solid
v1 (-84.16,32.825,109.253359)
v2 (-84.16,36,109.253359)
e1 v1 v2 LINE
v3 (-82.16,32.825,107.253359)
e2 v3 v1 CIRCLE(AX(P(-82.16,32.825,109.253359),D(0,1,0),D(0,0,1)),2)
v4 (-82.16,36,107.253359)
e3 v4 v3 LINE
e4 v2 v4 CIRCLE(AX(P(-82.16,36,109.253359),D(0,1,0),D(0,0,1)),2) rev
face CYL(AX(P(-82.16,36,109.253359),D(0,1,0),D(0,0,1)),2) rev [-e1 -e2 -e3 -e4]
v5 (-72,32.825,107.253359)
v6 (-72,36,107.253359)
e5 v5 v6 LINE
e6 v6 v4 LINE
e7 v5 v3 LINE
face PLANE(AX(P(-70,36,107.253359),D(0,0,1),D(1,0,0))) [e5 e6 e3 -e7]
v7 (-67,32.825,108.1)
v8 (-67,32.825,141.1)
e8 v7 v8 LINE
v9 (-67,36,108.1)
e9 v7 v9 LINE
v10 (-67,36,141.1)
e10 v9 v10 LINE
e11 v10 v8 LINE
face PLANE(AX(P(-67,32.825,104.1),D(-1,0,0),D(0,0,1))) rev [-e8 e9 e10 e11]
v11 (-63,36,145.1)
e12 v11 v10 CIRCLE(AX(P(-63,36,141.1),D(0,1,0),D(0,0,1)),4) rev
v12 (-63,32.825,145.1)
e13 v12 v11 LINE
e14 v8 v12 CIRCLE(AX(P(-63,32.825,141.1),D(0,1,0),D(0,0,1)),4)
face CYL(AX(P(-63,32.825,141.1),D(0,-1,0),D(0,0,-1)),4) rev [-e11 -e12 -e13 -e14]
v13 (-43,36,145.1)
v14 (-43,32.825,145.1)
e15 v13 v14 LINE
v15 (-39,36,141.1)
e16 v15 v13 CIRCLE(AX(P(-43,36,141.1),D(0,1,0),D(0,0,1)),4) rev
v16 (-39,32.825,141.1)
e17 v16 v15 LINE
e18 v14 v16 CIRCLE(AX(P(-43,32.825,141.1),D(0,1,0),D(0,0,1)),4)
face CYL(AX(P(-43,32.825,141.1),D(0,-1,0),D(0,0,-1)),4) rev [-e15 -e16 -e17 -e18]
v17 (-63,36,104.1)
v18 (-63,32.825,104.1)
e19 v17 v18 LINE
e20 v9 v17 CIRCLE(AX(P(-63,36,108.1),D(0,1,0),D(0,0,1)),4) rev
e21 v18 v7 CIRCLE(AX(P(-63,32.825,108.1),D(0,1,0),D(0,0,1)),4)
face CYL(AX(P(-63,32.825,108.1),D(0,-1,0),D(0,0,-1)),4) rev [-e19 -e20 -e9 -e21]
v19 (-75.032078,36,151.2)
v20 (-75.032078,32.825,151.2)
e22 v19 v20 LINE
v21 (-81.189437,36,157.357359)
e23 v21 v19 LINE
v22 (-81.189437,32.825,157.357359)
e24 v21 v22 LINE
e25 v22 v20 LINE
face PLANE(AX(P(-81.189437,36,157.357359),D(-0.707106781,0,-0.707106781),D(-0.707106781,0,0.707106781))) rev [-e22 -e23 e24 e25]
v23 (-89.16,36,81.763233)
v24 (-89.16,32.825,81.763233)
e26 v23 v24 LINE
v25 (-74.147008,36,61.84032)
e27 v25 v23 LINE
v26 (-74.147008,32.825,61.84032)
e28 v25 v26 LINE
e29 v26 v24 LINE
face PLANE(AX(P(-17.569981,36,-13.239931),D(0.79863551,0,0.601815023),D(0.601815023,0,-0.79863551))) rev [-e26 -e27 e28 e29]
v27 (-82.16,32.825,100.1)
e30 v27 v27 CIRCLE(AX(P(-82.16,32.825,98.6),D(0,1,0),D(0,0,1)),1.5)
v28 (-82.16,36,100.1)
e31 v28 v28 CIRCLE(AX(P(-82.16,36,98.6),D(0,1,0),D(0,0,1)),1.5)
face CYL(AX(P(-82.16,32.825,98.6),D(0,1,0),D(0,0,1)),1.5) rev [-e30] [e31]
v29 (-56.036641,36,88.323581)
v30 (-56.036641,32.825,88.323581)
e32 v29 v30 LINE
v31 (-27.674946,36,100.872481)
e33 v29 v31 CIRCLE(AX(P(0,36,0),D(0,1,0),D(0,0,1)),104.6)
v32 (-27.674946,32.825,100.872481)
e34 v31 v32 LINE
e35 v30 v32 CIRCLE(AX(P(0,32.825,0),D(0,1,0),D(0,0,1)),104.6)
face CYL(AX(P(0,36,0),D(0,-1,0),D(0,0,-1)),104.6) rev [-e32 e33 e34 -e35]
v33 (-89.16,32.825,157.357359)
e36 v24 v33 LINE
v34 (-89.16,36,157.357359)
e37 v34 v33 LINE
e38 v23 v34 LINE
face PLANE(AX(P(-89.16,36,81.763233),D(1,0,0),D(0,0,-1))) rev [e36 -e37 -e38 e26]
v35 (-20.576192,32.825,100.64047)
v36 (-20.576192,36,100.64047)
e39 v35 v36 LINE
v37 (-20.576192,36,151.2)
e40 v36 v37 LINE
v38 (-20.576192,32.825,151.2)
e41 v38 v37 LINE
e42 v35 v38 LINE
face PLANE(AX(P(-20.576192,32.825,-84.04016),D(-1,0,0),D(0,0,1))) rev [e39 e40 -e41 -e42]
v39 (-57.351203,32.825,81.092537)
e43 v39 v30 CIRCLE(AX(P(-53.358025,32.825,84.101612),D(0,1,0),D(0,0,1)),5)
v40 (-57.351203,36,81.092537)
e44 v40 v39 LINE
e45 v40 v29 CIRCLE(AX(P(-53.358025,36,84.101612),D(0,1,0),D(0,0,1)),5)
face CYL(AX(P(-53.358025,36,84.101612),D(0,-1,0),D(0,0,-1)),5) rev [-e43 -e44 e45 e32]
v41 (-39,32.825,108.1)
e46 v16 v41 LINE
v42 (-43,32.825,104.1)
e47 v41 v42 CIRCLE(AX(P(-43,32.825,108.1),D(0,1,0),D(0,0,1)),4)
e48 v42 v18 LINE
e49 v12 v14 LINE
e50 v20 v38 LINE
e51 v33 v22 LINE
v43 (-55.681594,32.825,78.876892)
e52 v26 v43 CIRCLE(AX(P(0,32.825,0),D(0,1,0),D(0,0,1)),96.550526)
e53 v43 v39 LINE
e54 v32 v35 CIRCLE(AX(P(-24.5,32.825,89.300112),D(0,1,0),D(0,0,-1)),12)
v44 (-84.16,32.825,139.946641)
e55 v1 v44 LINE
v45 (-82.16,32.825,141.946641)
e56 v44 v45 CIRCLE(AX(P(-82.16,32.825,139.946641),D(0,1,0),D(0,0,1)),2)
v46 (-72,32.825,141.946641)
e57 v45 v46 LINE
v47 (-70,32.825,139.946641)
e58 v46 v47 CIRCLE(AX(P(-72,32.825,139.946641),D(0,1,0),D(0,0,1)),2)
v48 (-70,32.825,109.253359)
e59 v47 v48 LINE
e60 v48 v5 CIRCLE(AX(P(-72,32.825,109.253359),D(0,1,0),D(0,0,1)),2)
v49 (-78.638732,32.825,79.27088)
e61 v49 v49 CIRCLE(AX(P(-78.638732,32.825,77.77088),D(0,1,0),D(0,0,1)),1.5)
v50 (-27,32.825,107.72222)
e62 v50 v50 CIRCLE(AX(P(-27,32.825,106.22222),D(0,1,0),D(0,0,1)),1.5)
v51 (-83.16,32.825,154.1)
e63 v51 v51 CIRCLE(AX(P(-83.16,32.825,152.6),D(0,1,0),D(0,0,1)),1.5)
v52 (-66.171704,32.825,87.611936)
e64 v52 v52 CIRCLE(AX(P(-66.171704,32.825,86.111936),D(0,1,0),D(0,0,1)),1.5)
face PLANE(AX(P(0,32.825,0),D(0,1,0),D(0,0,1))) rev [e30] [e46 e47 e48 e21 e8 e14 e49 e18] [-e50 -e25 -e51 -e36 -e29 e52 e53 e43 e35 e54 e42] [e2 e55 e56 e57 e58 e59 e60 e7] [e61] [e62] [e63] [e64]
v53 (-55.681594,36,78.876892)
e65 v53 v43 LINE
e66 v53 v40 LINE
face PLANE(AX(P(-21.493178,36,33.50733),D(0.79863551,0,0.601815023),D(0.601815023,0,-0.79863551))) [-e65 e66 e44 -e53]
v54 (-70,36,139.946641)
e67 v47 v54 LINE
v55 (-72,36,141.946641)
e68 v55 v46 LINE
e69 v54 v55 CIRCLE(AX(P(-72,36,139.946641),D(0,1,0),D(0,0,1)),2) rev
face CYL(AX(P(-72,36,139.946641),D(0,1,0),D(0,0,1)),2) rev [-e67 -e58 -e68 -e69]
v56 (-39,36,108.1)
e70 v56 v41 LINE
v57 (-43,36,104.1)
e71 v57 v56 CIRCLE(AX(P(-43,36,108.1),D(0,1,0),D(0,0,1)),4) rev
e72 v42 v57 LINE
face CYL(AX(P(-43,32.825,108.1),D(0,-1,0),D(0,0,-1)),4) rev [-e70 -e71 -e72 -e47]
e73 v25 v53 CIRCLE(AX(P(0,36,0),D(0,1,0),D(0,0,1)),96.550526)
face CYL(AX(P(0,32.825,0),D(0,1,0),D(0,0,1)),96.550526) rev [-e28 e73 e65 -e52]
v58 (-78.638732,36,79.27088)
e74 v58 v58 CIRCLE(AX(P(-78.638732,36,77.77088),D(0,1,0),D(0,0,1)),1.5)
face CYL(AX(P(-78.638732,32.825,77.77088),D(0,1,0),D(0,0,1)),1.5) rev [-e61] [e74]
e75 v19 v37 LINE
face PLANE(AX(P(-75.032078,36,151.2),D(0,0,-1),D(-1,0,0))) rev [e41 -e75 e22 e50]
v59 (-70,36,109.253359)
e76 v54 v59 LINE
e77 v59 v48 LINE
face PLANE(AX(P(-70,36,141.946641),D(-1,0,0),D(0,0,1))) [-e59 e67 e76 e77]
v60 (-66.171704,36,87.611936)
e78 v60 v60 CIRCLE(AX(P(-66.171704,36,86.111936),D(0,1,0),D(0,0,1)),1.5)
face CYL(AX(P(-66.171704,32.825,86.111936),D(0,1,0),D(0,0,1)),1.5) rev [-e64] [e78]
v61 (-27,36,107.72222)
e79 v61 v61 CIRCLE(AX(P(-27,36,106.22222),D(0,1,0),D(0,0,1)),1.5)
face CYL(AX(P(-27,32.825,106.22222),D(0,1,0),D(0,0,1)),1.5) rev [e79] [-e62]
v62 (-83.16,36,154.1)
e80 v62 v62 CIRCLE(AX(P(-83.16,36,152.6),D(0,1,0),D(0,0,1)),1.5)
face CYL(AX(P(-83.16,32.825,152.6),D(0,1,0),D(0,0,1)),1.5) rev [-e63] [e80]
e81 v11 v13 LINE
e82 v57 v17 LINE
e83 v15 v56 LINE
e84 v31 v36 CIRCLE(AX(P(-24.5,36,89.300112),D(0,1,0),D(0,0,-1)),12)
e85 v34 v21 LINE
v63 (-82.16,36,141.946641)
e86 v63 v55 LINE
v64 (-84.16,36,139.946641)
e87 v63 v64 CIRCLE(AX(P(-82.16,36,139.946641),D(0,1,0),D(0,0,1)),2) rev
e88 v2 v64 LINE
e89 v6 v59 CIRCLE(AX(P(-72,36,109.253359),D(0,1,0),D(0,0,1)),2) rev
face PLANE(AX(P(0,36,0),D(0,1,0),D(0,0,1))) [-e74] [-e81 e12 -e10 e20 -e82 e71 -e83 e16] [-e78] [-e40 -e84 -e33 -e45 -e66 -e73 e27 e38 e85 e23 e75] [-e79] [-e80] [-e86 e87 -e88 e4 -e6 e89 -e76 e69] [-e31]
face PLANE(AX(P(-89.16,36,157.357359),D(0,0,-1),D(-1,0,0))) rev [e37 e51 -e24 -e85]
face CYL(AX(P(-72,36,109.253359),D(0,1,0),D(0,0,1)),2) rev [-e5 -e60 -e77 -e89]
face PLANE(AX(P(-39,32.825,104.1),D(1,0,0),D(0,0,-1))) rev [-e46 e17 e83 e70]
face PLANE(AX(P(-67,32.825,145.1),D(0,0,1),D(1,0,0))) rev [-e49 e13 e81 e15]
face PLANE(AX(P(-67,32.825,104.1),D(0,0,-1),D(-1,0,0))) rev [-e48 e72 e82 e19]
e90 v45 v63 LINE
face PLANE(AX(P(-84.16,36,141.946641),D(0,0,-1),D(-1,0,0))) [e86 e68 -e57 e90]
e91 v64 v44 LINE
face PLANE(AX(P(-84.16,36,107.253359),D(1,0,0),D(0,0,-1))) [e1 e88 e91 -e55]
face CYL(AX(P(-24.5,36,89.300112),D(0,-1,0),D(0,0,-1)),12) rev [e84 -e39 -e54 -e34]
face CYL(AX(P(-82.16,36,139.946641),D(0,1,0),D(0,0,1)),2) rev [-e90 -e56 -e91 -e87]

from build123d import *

# Parameters (mm, degrees)
SKETCH1_R                    = 7
SKETCH1_R_2                  = 3.9
SKETCH1_R_3                  = 1.3
SKETCH1_W                    = 14.16
SKETCH1_H                    = 34.693281024
BOSS_EXTRUDE1_DEPTH          = 3.175
FILLET1_R                    = 2
SKETCH2_R                    = 1.5
CUT_EXTRUDE1_DEPTH           = 4.175
SKETCH5_W                    = 28
SKETCH5_H                    = 41
CUT_EXTRUDE3_DEPTH           = 4.175
FILLET2_R                    = 4
SKETCH10_R                   = 1.5
NOSE_GUARD_SCREW_HOLES_DEPTH = 4.175
SKETCH11_R                   = 20
CUT_EXTRUDE4_DEPTH           = 4.175
SKETCH12_R                   = 1.5
CUT_EXTRUDE5_DEPTH           = 4.175
SKETCH13_R                   = 96.550525729
CUT_EXTRUDE6_DEPTH           = 4.175
SKETCH14_W                   = 292.522671741
SKETCH14_H                   = 256.088396318
CUT_EXTRUDE7_DEPTH           = 4.175


with BuildPart() as part:
    # Sketch1 → Boss-Extrude1 (new body)
    with BuildSketch(Plane(origin=(0, 32.825, 0), x_dir=(1, 0, 0), z_dir=(0, 1, 0))):
        with BuildLine():
            Line((89.16, -81.763233191), (17.569981221, 13.239930509))
            ThreePointArc((17.569981221, 13.239930509), (0, 22), (-17.569981221, 13.239930509))
            Line((-17.569981221, 13.239930509), (-89.16, -81.763233191))
            Line((-89.16, -81.763233191), (-89.16, -157.357359313))
            Line((-89.16, -157.357359313), (-81.189437252, -157.357359313))
            Line((-81.189437252, -157.357359313), (-75.032077939, -151.2))
            Line((-75.032077939, -151.2), (75.032077939, -151.2))
            Line((75.032077939, -151.2), (81.189437252, -157.357359313))
            Line((81.189437252, -157.357359313), (89.16, -157.357359313))
            Line((89.16, -157.357359313), (89.16, -81.763233191))
        make_face()
        with Locations((0, -124.6)):
            Circle(SKETCH1_R, mode=Mode.SUBTRACT)
        Circle(SKETCH1_R_2, mode=Mode.SUBTRACT)
        with Locations((0, -28)):
            Circle(SKETCH1_R_3, mode=Mode.SUBTRACT)
        with Locations((-77.08, -124.6)):
            Rectangle(SKETCH1_W, SKETCH1_H, mode=Mode.SUBTRACT)
        with Locations((77.08, -124.6)):
            Rectangle(SKETCH1_W, SKETCH1_H, mode=Mode.SUBTRACT)
        with BuildLine():
            Line((-21.49317755, -33.507330392), (-57.351202685, -81.09253696))
            ThreePointArc((-57.351202685, -81.09253696), (-58.277395442, -84.995925096), (-56.036640854, -88.323580553))
            ThreePointArc((-56.036640854, -88.323580553), (-42.323470644, -95.65502513), (-27.674946004, -100.872480705))
            ThreePointArc((-27.674946004, -100.872480705), (-17.223302674, -98.842107372), (-12.5, -89.300111982))
            Line((-12.5, -89.300111982), (-12.5, -36.516405507))
            ThreePointArc((-12.5, -36.516405507), (-15.913476718, -31.774787231), (-21.49317755, -33.507330392))
        make_face(mode=Mode.SUBTRACT)
        with BuildLine():
            Line((57.351202685, -81.09253696), (21.49317755, -33.507330392))
            ThreePointArc((21.49317755, -33.507330392), (15.913476718, -31.774787231), (12.5, -36.516405507))
            Line((12.5, -36.516405507), (12.5, -89.300111982))
            ThreePointArc((12.5, -89.300111982), (17.223302674, -98.842107372), (27.674946004, -100.872480705))
            ThreePointArc((27.674946004, -100.872480705), (42.323470644, -95.65502513), (56.036640854, -88.323580553))
            ThreePointArc((56.036640854, -88.323580553), (58.277395442, -84.995925096), (57.351202685, -81.09253696))
        make_face(mode=Mode.SUBTRACT)
    extrude(amount=BOSS_EXTRUDE1_DEPTH)

    # Fillet1
    fillet1_edges = [part.edges().sort_by_distance(p)[0] for p in [
        (-84.16, 34.4125, 107.253359488),
        (-84.16, 34.4125, 141.946640512),
        (-70, 34.4125, 141.946640512),
        (-70, 34.4125, 107.253359488),
        (84.16, 34.4125, 107.253359488),
        (70, 34.4125, 107.253359488),
        (70, 34.4125, 141.946640512),
        (84.16, 34.4125, 141.946640512),
    ]]
    fillet(fillet1_edges, radius=FILLET1_R)

    # Sketch2 → Cut-Extrude1 (cut, through all)
    with BuildSketch(Plane(origin=(0, 36, 0), x_dir=(1, 0, 0), z_dir=(0, 1, 0))):
        with Locations((-62.088932188, -184.6)):
            Circle(SKETCH2_R)
        with Locations((-27, -106.222219898)):
            Circle(SKETCH2_R)
        with Locations((-83.16, -152.6)):
            Circle(SKETCH2_R)
        with Locations((-78.638732223, -77.770880118)):
            Circle(SKETCH2_R)
        with Locations((27, -106.222219898)):
            Circle(SKETCH2_R)
        with Locations((62.088932188, -184.6)):
            Circle(SKETCH2_R)
        with Locations((83.16, -162.114718626)):
            Circle(SKETCH2_R)
        with Locations((78.638732223, -77.770880118)):
            Circle(SKETCH2_R)
        with Locations((83.16, -152.6)):
            Circle(SKETCH2_R)
        with Locations((-83.16, -162.114718626)):
            Circle(SKETCH2_R)
    extrude(amount=-CUT_EXTRUDE1_DEPTH, mode=Mode.SUBTRACT)

    # Sketch5 → Cut-Extrude3 (cut, through all)
    with BuildSketch(Plane(origin=(0, 36, 0), x_dir=(1, 0, 0), z_dir=(0, 1, 0))):
        with Locations((-53, -124.6)):
            Rectangle(SKETCH5_W, SKETCH5_H)
        with Locations((53, -124.6)):
            Rectangle(SKETCH5_W, SKETCH5_H)
    extrude(amount=-CUT_EXTRUDE3_DEPTH, mode=Mode.SUBTRACT)

    # Fillet2
    fillet2_edges = [part.edges().sort_by_distance(p)[0] for p in [
        (-67, 34.4125, 145.1),
        (-67, 34.4125, 104.1),
        (-39, 34.4125, 104.1),
        (-39, 34.4125, 145.1),
        (67, 34.4125, 104.1),
        (67, 34.4125, 145.1),
        (39, 34.4125, 145.1),
        (39, 34.4125, 104.1),
    ]]
    fillet(fillet2_edges, radius=FILLET2_R)

    # Sketch10 → nose-guard-screw-holes (cut, through all)
    with BuildSketch(Plane(origin=(0, 36, 0), x_dir=(1, 0, 0), z_dir=(0, 1, 0))):
        with Locations((0, 17)):
            Circle(SKETCH10_R)
        with Locations((-14.722431864, 8.5)):
            Circle(SKETCH10_R)
        with Locations((14.722431864, 8.5)):
            Circle(SKETCH10_R)
        with Locations((0, -44.25832974)):
            Circle(SKETCH10_R)
        with Locations((0, -67.77856843)):
            Circle(SKETCH10_R)
        with Locations((0, -91.29880712)):
            Circle(SKETCH10_R)
    extrude(amount=-NOSE_GUARD_SCREW_HOLES_DEPTH, mode=Mode.SUBTRACT)

    # Sketch11 → Cut-Extrude4 (cut, through all)
    with BuildSketch(Plane(origin=(0, 36, 0), x_dir=(1, 0, 0), z_dir=(0, 1, 0))):
        with Locations((0, -124.6)):
            Circle(SKETCH11_R)
    extrude(amount=-CUT_EXTRUDE4_DEPTH, mode=Mode.SUBTRACT)

    # Sketch12 → Cut-Extrude5 (cut, through all)
    with BuildSketch(Plane(origin=(0, 36, 0), x_dir=(1, 0, 0), z_dir=(0, 1, 0))):
        with Locations((-82.16, -98.6)):
            Circle(SKETCH12_R)
        with Locations((66.171704332, -86.11193614)):
            Circle(SKETCH12_R)
        with Locations((82.16, -98.6)):
            Circle(SKETCH12_R)
        with Locations((-66.171704332, -86.11193614)):
            Circle(SKETCH12_R)
    extrude(amount=-CUT_EXTRUDE5_DEPTH, mode=Mode.SUBTRACT)

    # Sketch13 → Cut-Extrude6 (cut, through all)
    with BuildSketch(Plane(origin=(0, 36, 0), x_dir=(1, 0, 0), z_dir=(0, 1, 0))):
        Circle(SKETCH13_R)
    extrude(amount=-CUT_EXTRUDE6_DEPTH, mode=Mode.SUBTRACT)

    # Sketch14 → Cut-Extrude7 (cut, through all)
    with BuildSketch(Plane(origin=(0, 36, 0), x_dir=(1, 0, 0), z_dir=(0, 1, 0))):
        with Locations((125.685144355, -44.004038114)):
            Rectangle(SKETCH14_W, SKETCH14_H)
    extrude(amount=-CUT_EXTRUDE7_DEPTH, mode=Mode.SUBTRACT)


solid = part.part
